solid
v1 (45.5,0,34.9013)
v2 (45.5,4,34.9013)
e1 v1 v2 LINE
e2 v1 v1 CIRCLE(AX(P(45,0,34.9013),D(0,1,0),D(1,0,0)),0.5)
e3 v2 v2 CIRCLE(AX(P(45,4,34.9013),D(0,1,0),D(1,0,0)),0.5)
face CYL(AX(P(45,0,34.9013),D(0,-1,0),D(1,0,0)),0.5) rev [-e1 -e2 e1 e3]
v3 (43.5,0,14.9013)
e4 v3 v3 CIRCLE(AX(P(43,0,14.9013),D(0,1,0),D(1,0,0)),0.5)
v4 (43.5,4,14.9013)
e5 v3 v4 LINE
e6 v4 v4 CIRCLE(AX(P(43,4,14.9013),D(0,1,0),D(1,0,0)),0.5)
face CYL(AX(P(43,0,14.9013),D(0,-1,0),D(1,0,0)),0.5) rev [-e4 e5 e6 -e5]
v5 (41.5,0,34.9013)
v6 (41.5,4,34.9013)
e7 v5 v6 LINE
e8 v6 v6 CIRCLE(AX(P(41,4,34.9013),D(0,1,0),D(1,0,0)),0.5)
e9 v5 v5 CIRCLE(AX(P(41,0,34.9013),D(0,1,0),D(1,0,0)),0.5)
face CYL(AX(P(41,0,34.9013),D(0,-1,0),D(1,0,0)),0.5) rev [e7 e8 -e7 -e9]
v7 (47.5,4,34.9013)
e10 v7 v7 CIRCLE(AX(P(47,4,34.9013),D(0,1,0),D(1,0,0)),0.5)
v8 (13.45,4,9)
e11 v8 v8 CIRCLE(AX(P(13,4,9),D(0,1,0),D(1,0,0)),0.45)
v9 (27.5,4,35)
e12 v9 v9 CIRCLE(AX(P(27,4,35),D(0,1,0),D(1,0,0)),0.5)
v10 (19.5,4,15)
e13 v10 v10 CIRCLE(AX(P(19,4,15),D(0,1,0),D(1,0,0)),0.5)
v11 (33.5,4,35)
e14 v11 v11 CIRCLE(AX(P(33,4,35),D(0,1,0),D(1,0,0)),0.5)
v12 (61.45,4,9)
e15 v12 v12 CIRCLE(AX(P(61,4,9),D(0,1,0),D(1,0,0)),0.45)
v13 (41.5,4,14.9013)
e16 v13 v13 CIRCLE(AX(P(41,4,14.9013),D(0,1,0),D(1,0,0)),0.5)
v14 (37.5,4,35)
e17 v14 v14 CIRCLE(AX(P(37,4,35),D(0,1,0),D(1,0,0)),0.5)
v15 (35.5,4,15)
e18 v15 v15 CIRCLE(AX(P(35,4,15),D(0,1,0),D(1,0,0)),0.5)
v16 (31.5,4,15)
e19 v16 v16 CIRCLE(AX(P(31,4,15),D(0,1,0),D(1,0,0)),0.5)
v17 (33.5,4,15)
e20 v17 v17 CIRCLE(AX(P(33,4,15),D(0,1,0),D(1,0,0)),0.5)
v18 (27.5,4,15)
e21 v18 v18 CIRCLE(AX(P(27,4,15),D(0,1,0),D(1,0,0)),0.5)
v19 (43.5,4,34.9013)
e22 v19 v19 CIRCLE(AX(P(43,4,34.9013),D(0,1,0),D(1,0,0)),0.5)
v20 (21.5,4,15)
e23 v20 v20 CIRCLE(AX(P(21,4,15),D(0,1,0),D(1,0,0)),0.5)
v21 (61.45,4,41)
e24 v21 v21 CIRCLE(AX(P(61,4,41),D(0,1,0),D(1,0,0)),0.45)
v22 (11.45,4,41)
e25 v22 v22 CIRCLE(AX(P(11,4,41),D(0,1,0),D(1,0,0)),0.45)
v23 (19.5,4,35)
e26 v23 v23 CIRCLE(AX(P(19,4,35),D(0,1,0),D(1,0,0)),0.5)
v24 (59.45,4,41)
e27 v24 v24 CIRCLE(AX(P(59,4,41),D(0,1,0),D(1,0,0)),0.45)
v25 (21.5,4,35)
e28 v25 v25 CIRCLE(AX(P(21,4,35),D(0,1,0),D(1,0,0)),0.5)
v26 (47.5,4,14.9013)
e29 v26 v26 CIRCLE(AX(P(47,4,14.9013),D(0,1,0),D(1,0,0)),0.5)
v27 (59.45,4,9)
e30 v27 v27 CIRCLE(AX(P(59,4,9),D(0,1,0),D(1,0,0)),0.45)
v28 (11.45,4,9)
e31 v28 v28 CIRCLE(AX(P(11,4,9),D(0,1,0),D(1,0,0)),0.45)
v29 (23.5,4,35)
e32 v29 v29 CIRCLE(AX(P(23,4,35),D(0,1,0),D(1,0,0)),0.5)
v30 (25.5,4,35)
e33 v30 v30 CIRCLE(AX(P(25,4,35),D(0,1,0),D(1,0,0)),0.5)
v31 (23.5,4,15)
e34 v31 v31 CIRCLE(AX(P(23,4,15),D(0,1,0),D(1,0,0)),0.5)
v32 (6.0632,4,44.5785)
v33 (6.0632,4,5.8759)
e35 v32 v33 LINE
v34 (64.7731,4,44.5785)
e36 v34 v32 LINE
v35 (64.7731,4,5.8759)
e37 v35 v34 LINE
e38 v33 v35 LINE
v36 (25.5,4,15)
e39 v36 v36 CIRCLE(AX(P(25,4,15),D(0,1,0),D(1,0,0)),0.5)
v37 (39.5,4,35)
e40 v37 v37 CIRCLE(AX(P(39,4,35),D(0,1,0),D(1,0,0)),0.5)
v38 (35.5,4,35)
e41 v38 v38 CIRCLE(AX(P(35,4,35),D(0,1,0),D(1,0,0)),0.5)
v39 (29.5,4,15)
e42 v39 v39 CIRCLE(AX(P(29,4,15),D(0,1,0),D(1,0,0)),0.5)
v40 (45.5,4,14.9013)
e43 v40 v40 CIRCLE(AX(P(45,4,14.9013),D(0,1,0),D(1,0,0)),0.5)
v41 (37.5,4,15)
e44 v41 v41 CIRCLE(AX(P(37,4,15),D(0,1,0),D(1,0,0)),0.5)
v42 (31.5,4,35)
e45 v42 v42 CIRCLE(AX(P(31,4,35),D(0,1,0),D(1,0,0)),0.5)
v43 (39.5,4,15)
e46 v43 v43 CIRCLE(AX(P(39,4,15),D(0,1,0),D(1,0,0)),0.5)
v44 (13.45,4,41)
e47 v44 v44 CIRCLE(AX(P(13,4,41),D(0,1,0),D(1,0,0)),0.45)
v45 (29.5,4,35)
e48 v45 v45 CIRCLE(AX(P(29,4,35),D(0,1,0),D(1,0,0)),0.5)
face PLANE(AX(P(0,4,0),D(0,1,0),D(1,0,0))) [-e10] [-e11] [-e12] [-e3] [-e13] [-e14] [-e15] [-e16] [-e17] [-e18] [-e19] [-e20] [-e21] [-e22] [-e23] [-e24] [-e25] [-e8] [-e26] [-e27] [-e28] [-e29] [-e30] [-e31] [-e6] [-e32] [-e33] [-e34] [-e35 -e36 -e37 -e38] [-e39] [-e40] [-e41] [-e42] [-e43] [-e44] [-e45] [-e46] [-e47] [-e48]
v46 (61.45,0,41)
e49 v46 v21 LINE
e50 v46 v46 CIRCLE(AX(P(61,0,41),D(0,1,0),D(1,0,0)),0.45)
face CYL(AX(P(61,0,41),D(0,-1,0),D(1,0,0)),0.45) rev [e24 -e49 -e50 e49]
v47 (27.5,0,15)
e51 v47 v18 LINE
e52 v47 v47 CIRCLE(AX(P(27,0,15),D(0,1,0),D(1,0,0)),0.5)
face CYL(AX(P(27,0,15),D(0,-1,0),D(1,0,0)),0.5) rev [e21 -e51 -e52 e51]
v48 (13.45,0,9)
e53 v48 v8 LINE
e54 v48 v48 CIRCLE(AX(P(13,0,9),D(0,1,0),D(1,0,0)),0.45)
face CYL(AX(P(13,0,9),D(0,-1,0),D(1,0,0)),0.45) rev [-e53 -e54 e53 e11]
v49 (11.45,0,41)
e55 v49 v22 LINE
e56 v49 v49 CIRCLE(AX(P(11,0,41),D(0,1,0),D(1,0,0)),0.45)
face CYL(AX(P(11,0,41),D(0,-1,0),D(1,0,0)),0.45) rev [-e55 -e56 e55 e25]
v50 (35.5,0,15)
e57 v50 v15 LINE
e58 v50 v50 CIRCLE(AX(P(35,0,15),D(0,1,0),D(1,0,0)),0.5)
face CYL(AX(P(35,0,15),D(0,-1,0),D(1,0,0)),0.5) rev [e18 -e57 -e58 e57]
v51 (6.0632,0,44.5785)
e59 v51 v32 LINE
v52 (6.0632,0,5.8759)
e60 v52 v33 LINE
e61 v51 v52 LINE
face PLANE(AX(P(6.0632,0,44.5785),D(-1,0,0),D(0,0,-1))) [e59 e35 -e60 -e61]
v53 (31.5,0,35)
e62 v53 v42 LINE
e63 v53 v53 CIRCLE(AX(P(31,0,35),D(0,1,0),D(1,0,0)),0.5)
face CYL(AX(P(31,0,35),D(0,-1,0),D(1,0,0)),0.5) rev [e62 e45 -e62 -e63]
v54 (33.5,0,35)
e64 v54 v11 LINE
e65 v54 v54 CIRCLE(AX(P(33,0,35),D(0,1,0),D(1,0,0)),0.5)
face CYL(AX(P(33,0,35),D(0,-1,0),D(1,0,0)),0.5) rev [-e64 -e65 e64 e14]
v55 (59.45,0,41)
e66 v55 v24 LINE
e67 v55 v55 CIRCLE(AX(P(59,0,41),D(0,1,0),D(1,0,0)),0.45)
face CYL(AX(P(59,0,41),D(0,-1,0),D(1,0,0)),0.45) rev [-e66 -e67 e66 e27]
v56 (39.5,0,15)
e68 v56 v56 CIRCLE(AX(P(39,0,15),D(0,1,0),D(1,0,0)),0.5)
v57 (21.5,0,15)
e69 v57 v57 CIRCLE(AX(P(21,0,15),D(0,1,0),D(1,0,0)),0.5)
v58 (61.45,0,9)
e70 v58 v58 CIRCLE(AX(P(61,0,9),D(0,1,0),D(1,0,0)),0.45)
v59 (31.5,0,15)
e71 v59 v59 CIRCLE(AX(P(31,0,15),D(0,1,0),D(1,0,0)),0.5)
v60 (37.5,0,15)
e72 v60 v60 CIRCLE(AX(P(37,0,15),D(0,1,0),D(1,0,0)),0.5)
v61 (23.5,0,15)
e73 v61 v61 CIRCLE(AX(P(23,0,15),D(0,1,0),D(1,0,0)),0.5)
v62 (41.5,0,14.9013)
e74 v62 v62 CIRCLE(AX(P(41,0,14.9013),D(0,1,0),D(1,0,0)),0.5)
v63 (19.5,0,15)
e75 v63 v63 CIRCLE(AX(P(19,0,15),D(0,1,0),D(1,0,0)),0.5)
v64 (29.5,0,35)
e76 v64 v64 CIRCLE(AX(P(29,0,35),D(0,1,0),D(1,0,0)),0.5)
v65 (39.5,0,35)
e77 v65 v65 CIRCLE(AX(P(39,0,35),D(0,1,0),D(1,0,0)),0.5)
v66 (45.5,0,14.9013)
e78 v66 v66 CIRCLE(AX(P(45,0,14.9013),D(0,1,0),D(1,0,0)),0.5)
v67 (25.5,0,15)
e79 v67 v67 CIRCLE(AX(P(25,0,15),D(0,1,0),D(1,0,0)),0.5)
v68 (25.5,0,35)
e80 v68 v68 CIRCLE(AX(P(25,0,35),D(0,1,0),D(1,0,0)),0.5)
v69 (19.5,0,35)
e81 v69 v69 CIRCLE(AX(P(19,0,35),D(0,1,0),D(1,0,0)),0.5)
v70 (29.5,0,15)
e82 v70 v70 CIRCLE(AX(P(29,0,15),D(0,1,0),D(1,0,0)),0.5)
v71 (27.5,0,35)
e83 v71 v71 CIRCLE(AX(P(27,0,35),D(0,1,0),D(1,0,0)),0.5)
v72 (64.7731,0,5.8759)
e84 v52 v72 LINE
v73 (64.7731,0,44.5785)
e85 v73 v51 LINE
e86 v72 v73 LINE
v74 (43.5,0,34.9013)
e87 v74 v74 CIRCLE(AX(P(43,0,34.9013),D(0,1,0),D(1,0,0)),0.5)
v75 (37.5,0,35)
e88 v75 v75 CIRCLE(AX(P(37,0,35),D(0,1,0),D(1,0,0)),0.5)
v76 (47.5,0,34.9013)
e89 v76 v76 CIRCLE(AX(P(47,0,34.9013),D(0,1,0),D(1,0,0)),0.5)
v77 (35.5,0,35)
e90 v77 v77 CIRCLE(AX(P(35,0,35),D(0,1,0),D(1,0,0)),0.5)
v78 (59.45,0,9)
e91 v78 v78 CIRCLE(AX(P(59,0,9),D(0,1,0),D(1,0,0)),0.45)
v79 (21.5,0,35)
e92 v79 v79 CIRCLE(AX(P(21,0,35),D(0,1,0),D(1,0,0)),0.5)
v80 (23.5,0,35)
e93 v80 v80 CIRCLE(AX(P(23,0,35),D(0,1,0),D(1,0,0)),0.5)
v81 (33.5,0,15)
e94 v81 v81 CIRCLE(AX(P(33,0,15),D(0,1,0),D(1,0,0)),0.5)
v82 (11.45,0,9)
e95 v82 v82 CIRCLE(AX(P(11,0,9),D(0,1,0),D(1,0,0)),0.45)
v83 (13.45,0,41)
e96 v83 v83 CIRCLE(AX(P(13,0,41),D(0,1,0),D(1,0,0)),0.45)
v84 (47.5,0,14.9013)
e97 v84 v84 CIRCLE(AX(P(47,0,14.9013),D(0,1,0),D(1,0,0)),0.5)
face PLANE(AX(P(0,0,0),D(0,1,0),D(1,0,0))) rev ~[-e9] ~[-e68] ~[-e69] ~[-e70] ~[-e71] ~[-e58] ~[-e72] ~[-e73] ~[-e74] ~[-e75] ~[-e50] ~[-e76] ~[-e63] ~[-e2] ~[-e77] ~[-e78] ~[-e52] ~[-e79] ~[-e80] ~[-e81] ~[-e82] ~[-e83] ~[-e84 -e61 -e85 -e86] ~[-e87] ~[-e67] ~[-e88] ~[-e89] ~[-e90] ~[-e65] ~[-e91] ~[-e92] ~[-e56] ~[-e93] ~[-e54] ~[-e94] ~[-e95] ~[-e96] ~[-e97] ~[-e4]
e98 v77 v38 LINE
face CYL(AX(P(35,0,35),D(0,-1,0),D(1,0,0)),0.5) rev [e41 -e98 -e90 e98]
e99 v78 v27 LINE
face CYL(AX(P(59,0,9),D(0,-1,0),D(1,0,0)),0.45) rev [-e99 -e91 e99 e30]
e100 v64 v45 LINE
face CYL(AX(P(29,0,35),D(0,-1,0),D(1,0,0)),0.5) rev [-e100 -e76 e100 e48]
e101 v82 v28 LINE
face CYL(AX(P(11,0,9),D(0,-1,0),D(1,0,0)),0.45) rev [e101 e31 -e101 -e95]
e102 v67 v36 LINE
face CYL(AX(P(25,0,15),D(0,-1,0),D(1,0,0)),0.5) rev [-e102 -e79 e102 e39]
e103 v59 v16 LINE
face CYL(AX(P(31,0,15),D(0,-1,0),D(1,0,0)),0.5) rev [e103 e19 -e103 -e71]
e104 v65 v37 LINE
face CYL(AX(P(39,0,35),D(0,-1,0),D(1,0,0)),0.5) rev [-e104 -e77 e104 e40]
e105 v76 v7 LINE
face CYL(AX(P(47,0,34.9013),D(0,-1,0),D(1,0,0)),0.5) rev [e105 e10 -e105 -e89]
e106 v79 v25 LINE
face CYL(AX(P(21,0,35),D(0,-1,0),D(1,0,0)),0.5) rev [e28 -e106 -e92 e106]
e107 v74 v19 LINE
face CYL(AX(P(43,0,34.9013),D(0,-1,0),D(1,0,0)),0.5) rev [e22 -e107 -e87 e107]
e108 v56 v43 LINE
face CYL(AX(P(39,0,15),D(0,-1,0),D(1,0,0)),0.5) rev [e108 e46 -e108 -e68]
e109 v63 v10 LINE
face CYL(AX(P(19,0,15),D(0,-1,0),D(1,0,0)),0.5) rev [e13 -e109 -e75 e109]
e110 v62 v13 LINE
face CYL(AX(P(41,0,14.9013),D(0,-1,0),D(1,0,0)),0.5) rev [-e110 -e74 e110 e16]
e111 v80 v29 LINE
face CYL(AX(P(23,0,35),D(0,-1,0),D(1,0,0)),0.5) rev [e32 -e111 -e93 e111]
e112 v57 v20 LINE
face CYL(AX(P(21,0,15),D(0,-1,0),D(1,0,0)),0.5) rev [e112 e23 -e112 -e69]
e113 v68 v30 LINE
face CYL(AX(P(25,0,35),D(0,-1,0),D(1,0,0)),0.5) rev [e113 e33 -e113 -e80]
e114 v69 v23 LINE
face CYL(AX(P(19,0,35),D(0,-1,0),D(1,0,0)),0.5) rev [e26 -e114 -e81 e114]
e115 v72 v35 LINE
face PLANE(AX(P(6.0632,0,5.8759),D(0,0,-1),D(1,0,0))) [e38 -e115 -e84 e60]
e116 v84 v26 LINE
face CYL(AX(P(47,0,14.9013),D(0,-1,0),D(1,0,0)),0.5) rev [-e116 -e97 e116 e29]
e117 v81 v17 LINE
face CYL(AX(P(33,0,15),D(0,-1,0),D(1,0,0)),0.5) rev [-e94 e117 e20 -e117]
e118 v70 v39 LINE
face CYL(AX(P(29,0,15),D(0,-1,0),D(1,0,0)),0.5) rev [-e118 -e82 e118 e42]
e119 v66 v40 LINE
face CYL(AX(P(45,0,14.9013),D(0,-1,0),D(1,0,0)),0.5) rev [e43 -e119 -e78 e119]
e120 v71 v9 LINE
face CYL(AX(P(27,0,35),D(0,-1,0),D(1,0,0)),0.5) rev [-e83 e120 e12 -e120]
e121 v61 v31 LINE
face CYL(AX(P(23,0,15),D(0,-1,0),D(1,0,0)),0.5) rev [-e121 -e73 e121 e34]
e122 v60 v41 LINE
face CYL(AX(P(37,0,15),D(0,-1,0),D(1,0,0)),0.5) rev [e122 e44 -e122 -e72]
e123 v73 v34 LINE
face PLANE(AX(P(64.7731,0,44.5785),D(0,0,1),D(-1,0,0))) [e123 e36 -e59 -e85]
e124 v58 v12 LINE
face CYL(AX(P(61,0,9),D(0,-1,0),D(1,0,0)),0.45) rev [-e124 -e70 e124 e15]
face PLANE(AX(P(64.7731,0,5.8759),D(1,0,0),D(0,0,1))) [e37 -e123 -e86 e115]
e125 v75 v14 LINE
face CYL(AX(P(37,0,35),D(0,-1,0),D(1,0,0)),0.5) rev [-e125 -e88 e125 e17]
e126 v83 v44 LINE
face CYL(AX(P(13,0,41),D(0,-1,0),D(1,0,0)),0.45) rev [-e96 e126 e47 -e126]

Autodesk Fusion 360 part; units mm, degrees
sketch "Sketch1" plane through (0, 0, 0) normal (0, 1, 0) x (1, 0, 0)
  line L0 (6.0632, -5.8759) -> (64.7731, -5.8759)
  line L1 (64.7731, -5.8759) -> (64.7731, -44.5785)
  line L2 (64.7731, -44.5785) -> (6.0632, -44.5785)
  line L3 (6.0632, -44.5785) -> (6.0632, -5.8759)
  circle A0 centre (11, -9) radius 0.45
  circle A1 centre (13, -9) radius 0.45
  circle A2 centre (13, -41) radius 0.45
  circle A3 centre (11, -41) radius 0.45
  circle A4 centre (61, -9) radius 0.45
  circle A5 centre (59, -9) radius 0.45
  circle A6 centre (61, -41) radius 0.45
  circle A7 centre (59, -41) radius 0.45
  circle A8 centre (19, -15) radius 0.5
  circle A9 centre (21, -15) radius 0.5
  circle A10 centre (23, -15) radius 0.5
  circle A11 centre (25, -15) radius 0.5
  circle A12 centre (27, -15) radius 0.5
  circle A13 centre (29, -15) radius 0.5
  circle A14 centre (31, -15) radius 0.5
  circle A15 centre (33, -15) radius 0.5
  circle A16 centre (35, -15) radius 0.5
  circle A17 centre (37, -15) radius 0.5
  circle A18 centre (39, -15) radius 0.5
  circle A19 centre (41, -14.9013) radius 0.5
  circle A20 centre (43, -14.9013) radius 0.5
  circle A21 centre (45, -14.9013) radius 0.5
  circle A22 centre (47, -14.9013) radius 0.5
  circle A23 centre (25, -35) radius 0.5
  circle A24 centre (47, -34.9013) radius 0.5
  circle A25 centre (19, -35) radius 0.5
  circle A26 centre (29, -35) radius 0.5
  circle A27 centre (43, -34.9013) radius 0.5
  circle A28 centre (39, -35) radius 0.5
  circle A29 centre (37, -35) radius 0.5
  circle A30 centre (35, -35) radius 0.5
  circle A31 centre (33, -35) radius 0.5
  circle A32 centre (45, -34.9013) radius 0.5
  circle A33 centre (27, -35) radius 0.5
  circle A34 centre (23, -35) radius 0.5
  circle A35 centre (31, -35) radius 0.5
  circle A36 centre (41, -34.9013) radius 0.5
  circle A37 centre (21, -35) radius 0.5
  dimension "d1" = 0.9
  dimension "d2" = 0.9
  dimension "d3" = 0.9
  dimension "d4" = 0.9
  dimension "d5" = 0.9
  dimension "d6" = 0.9
  dimension "d7" = 0.9
  dimension "d8" = 0.9
  dimension "d28" = 1
  dimension "d29" = 1
  dimension "d30" = 1
  dimension "d31" = 1
  dimension "d32" = 1
  dimension "d33" = 1
  dimension "d34" = 1
  dimension "d35" = 1
  dimension "d36" = 1
  dimension "d37" = 1
  dimension "d38" = 1
  dimension "d39" = 1
  dimension "d40" = 1
  dimension "d41" = 1
  dimension "d42" = 1
  dimension "d43" = 1
  dimension "d44" = 1
  dimension "d45" = 1
  dimension "d46" = 1
  dimension "d47" = 1
  dimension "d48" = 1
  dimension "d49" = 1
  dimension "d50" = 1
  dimension "d51" = 1
  dimension "d52" = 1
  dimension "d53" = 1
  dimension "d54" = 1
  dimension "d55" = 1
  dimension "d56" = 1
  dimension "d57" = 1
extrude "Extrude1" add sketch "Sketch1" along normal blind 4
